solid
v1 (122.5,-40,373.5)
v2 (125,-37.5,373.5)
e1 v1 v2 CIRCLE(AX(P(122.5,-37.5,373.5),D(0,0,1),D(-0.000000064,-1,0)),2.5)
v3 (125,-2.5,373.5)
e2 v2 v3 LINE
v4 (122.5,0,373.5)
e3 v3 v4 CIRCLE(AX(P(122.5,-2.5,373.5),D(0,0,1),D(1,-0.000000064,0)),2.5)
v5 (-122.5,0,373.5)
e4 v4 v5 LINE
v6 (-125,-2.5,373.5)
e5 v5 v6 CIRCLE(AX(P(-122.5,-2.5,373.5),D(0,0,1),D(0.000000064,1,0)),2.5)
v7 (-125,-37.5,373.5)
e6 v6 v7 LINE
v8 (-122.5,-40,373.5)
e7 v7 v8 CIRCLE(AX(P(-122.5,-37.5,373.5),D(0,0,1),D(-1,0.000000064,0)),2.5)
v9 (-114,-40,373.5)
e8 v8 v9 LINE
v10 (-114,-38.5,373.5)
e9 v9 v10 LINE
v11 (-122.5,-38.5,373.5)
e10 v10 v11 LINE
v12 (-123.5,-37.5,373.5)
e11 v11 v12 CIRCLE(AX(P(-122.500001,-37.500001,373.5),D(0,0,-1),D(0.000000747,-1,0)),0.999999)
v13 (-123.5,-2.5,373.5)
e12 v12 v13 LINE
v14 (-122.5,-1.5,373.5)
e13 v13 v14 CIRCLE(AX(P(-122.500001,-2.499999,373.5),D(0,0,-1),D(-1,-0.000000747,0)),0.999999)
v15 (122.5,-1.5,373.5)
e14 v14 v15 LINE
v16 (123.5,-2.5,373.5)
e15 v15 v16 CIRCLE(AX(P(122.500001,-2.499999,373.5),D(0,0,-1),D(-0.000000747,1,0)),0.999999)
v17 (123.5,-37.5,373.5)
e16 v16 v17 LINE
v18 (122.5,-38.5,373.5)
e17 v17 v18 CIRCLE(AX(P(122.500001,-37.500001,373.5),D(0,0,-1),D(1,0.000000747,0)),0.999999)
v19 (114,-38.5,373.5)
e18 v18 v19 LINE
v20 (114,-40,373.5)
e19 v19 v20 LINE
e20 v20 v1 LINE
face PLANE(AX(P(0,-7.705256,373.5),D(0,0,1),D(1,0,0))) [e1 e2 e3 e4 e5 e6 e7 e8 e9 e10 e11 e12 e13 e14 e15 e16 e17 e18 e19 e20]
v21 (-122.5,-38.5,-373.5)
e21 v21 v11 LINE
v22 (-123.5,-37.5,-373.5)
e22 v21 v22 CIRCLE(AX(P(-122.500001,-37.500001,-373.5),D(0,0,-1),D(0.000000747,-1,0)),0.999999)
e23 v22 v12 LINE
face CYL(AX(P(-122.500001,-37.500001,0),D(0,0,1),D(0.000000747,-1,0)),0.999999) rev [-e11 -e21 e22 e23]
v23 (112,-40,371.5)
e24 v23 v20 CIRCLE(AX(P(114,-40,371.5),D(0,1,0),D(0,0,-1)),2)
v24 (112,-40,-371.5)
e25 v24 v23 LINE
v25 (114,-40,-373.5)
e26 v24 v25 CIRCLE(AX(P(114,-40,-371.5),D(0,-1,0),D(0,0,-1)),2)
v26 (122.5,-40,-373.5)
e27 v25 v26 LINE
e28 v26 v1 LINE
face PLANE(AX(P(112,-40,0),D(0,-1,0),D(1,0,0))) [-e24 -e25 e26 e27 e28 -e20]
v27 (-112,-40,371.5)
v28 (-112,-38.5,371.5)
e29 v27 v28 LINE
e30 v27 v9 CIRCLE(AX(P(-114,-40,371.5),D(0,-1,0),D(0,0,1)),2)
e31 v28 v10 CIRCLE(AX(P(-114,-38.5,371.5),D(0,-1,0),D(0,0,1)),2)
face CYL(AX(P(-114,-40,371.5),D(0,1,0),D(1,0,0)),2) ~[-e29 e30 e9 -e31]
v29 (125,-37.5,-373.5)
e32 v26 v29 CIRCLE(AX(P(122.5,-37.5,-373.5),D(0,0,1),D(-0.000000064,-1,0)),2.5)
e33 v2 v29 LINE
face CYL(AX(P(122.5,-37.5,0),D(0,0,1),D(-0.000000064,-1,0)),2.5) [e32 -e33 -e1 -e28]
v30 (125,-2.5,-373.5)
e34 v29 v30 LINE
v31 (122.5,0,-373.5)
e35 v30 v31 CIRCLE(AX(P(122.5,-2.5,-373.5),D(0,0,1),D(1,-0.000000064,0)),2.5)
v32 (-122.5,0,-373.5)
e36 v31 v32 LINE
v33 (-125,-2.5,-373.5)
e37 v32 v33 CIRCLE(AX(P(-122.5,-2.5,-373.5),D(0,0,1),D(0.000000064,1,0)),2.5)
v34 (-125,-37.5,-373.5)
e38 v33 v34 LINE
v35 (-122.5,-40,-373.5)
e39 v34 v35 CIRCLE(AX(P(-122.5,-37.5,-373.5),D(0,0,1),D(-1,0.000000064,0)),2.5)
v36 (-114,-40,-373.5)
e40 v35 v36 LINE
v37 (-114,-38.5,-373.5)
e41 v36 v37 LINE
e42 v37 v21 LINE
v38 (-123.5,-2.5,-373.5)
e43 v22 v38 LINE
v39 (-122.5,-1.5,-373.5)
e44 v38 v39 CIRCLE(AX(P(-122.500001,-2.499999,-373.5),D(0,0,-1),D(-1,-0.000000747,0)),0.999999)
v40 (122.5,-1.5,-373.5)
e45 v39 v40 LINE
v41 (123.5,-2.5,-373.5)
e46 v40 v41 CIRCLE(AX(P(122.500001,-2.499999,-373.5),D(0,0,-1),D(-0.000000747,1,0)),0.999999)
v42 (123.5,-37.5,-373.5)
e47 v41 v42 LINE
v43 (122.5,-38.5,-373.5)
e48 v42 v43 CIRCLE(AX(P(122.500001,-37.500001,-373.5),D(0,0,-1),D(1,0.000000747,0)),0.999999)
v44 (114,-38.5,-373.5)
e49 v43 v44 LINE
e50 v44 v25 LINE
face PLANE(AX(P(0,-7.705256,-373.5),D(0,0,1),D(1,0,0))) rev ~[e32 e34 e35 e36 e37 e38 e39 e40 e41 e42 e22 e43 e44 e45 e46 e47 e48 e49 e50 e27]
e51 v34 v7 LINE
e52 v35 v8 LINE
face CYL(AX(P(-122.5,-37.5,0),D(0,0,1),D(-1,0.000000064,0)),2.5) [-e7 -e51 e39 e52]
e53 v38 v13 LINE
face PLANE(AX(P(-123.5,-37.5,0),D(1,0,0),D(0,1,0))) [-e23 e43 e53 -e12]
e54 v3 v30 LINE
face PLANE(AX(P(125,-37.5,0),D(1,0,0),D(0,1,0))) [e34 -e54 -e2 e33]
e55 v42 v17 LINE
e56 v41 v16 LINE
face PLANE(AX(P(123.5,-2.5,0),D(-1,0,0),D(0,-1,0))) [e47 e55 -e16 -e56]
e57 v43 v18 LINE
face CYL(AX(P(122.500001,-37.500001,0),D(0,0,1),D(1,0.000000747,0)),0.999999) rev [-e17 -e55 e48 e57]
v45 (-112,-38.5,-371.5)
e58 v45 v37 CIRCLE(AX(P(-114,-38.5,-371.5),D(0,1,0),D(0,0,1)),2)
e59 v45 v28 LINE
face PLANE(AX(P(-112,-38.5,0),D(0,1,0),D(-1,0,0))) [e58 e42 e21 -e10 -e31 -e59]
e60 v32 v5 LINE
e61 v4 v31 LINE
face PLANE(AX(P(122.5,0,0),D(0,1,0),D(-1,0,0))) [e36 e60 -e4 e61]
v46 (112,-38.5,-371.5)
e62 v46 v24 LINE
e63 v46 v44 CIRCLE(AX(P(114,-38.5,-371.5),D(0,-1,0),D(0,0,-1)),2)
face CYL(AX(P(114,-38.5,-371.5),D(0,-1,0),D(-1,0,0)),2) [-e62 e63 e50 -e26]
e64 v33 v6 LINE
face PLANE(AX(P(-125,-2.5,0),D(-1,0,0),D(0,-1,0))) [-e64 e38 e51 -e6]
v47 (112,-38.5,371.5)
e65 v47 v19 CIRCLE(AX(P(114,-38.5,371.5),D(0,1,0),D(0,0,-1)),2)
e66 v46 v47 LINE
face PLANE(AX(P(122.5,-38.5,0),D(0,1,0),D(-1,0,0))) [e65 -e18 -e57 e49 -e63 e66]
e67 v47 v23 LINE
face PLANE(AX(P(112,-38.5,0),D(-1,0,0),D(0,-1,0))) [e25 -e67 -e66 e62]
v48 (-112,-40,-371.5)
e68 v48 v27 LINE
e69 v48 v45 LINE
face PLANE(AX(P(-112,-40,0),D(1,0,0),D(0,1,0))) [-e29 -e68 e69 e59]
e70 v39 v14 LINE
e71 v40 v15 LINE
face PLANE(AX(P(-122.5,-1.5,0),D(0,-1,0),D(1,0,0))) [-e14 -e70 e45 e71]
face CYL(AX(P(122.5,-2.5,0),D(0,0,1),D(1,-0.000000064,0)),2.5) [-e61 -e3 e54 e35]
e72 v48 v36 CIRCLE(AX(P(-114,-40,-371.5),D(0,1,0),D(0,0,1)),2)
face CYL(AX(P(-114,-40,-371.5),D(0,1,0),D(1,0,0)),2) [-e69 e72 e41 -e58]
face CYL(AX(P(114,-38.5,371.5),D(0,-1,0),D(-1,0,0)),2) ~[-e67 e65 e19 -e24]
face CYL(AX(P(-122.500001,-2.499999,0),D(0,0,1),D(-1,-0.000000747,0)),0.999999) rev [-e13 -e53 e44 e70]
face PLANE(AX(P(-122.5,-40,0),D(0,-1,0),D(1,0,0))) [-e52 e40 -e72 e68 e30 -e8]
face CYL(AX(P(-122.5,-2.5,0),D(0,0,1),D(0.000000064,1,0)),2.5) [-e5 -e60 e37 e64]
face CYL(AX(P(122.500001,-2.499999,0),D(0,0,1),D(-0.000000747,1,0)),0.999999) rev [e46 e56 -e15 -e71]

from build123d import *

# Parameters (mm, degrees)
F1_DEPTH = 373.5
F2_R     = 2


with BuildPart() as f1:
    # F0 (on Top) → F1 (new body, symmetric)
    with BuildSketch(Plane.XY):
        with BuildLine():
            Line((122.5, 0), (0, 0))
            Line((0, 0), (-122.5, 0))
            ThreePointArc((-122.5, 0), (-124.267767, -0.732233), (-125, -2.5))
            Line((-125, -2.5), (-125, -37.5))
            ThreePointArc((-125, -37.5), (-124.267767, -39.267767), (-122.5, -40))
            Line((-122.5, -40), (-112, -40))
            Line((-112, -40), (-112, -38.5))
            Line((-112, -38.5), (-122.5, -38.5))
            ThreePointArc((-122.5, -38.5), (-123.207107, -38.207107), (-123.5, -37.5))
            Line((-123.5, -37.5), (-123.5, -2.5))
            ThreePointArc((-123.5, -2.5), (-123.207107, -1.792893), (-122.5, -1.5))
            Line((-122.5, -1.5), (0, -1.5))
            Line((0, -1.5), (122.5, -1.5))
            ThreePointArc((122.5, -1.5), (123.207107, -1.792893), (123.5, -2.5))
            Line((123.5, -2.5), (123.5, -37.5))
            ThreePointArc((123.5, -37.5), (123.207107, -38.207107), (122.5, -38.5))
            Line((122.5, -38.5), (112, -38.5))
            Line((112, -38.5), (112, -40))
            Line((112, -40), (122.5, -40))
            ThreePointArc((122.5, -40), (124.267767, -39.267767), (125, -37.5))
            Line((125, -37.5), (125, -2.5))
            ThreePointArc((125, -2.5), (124.267767, -0.732233), (122.5, 0))
        make_face()
    extrude(amount=F1_DEPTH, both=True)

    # F2
    f2_edges = [f1.edges().sort_by_distance(p)[0] for p in [
        (-112, -39.25, -373.5),
        (112, -39.25, -373.5),
        (112, -39.25, 373.5),
        (-112, -39.25, 373.5),
    ]]
    fillet(f2_edges, radius=F2_R)


solid = f1.part
